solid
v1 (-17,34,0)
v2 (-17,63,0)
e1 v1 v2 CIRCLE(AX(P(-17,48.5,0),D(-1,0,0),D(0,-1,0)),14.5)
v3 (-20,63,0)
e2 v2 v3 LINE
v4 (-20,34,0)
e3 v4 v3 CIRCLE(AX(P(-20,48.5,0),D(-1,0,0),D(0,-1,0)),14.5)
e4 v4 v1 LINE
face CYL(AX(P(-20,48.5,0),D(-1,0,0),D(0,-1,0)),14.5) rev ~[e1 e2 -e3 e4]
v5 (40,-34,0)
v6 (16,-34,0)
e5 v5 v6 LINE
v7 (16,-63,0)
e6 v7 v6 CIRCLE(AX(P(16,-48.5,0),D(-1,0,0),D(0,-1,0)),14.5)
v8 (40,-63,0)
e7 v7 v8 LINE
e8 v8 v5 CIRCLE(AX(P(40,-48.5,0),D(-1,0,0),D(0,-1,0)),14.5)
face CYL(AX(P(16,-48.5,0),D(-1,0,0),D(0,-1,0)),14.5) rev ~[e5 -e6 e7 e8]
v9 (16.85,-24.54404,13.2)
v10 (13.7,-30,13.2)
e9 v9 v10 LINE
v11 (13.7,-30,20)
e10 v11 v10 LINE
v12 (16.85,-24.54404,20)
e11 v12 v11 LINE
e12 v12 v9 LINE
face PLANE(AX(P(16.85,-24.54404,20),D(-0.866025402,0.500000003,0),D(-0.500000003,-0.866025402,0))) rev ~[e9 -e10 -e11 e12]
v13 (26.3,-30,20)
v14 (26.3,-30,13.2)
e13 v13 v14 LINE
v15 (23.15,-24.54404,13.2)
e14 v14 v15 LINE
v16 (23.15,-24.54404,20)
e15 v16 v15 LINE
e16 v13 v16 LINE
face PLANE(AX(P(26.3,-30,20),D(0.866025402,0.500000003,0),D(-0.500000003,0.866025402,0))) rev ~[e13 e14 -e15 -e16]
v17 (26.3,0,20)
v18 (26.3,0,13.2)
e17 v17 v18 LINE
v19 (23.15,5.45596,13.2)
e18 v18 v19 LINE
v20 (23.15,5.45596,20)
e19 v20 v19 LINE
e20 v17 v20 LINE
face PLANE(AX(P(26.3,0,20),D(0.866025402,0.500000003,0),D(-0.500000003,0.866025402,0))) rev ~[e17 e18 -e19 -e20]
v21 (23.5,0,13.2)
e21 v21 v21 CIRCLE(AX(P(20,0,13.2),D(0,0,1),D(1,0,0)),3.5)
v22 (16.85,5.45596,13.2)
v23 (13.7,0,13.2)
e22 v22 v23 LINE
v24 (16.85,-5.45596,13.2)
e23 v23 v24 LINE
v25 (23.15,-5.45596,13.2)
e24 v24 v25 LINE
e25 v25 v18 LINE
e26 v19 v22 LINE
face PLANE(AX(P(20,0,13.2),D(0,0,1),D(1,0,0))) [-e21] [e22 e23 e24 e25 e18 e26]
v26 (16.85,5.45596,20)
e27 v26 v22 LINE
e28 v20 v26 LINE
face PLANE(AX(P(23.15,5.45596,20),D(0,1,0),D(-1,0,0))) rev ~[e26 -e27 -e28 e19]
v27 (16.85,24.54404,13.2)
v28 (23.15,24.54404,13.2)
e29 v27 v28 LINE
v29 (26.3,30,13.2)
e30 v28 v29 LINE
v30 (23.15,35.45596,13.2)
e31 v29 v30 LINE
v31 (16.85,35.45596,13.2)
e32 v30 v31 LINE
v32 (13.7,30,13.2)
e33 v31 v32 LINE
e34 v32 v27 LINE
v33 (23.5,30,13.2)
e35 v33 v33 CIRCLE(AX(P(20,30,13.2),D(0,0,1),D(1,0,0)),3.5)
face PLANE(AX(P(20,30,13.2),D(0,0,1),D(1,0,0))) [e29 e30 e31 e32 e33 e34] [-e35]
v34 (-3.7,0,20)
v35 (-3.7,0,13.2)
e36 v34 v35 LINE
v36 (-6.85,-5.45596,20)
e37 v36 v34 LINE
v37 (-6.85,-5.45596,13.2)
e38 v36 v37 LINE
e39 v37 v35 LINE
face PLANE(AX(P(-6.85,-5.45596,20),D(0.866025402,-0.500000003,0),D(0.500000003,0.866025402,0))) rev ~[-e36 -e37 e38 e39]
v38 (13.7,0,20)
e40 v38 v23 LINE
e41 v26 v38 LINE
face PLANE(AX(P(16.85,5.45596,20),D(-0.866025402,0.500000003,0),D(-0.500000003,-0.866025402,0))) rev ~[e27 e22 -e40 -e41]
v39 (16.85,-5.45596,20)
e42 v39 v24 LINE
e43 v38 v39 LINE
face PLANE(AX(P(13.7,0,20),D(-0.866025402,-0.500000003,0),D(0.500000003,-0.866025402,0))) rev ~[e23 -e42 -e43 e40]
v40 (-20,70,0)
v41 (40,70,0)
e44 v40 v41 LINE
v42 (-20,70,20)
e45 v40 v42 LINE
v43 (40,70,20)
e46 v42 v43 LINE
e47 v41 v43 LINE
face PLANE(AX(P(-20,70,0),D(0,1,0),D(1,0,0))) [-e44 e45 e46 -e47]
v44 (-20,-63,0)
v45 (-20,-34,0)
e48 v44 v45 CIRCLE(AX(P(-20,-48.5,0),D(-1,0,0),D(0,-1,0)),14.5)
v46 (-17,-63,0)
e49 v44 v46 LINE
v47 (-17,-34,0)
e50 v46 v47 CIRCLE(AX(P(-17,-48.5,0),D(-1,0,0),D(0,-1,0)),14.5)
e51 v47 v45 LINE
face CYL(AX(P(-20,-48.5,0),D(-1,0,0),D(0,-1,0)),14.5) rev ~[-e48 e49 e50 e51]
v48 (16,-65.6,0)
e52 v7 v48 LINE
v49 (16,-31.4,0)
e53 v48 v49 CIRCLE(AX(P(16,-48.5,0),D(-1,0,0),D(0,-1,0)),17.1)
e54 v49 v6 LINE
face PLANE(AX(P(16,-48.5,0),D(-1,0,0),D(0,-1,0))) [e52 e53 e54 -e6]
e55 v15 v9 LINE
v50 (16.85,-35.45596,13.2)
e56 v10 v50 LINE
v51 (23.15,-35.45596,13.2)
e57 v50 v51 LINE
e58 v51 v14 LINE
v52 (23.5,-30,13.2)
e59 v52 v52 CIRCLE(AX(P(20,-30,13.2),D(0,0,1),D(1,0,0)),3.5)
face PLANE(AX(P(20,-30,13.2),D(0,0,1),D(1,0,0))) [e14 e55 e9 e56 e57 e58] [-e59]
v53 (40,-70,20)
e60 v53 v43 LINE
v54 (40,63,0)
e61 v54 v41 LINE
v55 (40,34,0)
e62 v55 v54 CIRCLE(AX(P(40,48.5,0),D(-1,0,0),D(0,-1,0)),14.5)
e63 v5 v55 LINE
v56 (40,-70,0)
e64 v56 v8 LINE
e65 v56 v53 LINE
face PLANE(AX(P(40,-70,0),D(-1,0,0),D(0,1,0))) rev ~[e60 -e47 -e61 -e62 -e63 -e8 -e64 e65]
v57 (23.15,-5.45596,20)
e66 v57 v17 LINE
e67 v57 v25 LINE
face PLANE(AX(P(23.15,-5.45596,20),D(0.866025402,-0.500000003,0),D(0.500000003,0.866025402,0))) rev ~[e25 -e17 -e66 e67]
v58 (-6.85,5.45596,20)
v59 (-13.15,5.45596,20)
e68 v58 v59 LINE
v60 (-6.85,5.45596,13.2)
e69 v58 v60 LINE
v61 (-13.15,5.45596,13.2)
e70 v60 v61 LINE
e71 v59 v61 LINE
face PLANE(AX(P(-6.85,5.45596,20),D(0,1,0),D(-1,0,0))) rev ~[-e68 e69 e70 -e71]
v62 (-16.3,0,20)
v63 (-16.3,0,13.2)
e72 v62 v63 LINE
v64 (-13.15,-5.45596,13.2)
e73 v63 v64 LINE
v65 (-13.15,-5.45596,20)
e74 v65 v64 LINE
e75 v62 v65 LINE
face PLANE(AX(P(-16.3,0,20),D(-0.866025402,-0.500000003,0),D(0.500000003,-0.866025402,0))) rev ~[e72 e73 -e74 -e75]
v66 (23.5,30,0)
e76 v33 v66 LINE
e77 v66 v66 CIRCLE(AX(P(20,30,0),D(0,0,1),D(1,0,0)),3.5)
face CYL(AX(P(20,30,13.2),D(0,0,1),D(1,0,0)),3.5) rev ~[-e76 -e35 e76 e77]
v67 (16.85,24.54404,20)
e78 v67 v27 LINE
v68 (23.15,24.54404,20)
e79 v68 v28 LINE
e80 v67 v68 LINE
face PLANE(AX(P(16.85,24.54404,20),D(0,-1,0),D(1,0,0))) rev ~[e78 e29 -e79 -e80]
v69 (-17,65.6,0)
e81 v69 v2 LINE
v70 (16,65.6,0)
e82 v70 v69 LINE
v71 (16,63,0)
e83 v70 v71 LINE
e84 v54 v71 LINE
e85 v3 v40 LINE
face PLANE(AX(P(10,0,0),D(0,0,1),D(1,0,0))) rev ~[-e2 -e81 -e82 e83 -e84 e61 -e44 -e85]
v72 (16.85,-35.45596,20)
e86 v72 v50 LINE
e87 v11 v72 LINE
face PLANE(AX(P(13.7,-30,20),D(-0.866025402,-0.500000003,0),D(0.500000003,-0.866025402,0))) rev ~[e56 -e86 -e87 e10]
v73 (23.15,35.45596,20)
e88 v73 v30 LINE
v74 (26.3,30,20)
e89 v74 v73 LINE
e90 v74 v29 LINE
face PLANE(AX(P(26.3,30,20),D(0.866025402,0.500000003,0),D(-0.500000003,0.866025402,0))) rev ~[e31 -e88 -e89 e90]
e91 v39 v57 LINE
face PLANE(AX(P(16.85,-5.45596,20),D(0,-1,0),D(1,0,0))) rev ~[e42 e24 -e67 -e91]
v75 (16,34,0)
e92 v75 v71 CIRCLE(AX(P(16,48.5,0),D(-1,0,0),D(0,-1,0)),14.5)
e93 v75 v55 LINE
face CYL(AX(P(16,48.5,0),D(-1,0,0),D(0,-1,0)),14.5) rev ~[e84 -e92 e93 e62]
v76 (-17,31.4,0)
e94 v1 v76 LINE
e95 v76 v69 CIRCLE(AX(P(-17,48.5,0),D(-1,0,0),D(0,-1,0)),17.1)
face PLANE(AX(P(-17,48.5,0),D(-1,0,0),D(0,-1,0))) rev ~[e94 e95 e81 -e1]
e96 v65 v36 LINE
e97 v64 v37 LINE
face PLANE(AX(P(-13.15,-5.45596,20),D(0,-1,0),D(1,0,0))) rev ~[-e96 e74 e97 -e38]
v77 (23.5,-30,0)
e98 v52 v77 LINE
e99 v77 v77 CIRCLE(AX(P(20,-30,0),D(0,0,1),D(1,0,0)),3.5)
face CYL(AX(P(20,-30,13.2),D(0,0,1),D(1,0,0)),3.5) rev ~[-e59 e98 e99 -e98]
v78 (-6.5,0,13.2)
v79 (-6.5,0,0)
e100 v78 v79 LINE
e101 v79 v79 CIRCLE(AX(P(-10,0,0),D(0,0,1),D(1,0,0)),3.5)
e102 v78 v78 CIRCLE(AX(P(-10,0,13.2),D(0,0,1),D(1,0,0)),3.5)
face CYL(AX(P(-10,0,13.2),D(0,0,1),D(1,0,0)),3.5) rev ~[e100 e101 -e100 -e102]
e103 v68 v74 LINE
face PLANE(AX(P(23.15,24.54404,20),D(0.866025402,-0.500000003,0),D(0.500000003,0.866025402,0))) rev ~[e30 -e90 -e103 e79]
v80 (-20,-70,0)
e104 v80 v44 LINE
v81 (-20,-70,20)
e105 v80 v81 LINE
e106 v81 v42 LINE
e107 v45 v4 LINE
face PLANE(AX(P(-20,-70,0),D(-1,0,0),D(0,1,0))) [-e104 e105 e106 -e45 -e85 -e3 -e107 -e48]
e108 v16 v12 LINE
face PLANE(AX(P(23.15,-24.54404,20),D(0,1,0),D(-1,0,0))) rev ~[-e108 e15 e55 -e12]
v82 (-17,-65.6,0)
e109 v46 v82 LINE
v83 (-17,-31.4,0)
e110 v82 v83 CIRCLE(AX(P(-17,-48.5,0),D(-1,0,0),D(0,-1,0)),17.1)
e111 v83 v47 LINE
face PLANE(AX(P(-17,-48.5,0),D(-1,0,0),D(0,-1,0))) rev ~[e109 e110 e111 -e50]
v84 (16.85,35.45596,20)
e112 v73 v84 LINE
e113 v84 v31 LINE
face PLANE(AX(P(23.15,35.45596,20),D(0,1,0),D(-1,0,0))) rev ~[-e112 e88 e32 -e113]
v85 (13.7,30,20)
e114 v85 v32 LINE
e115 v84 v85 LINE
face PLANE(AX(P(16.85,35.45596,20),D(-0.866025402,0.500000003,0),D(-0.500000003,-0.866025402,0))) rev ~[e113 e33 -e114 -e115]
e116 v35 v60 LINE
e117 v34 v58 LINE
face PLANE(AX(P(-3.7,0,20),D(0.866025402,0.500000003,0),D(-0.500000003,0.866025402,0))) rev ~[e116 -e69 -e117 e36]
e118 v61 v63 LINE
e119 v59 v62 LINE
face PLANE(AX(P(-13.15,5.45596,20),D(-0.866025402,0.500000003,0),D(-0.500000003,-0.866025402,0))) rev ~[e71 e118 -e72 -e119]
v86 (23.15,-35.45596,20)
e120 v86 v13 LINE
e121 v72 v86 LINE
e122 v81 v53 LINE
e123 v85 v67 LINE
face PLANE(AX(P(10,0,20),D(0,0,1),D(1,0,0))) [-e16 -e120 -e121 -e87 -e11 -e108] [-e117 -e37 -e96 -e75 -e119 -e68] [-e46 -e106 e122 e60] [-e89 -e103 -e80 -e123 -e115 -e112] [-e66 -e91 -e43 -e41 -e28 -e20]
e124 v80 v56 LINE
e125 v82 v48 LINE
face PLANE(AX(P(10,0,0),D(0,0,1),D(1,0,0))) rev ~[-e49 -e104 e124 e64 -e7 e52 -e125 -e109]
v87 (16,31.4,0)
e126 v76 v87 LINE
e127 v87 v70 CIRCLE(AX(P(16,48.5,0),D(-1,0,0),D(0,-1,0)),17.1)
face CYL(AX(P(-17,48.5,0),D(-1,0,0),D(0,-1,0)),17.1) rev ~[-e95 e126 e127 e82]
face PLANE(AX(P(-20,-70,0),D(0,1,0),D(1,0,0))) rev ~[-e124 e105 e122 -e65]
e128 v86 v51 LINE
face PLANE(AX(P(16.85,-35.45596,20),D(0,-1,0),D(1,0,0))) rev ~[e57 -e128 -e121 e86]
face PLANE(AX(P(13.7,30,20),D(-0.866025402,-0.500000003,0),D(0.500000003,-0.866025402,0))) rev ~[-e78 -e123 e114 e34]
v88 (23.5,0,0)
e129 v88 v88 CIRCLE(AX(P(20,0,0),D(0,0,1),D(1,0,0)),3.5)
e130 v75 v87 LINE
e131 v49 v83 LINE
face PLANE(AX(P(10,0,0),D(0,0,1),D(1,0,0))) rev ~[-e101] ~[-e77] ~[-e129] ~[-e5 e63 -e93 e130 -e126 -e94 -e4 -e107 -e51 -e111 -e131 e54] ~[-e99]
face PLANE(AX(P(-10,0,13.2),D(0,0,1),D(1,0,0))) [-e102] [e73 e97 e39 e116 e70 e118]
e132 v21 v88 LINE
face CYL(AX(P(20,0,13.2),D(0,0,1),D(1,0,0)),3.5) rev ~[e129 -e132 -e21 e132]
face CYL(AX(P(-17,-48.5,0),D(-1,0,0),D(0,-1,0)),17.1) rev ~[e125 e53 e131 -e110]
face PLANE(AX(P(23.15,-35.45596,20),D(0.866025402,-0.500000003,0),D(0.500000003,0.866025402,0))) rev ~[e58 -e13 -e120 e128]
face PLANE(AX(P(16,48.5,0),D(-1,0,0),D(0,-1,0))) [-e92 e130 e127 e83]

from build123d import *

# Parameters (mm, degrees)
SKETCH_W        = 60
SKETCH_H        = 140
PAD_DEPTH       = 20
SKETCH001_R     = 14.5
POCKET_DEPTH    = 3
SKETCH002_R     = 17.1
POCKET001_DEPTH = 33
SKETCH003_R     = 14.5
POCKET002_DEPTH = 24.001
POCKET003_DEPTH = 6.8
SKETCH005_R     = 3.5
POCKET004_DEPTH = 13.201


with BuildPart() as part:
    # Sketch → Pad (new body)
    with BuildSketch(Plane.XY):
        with Locations((10, 0)):
            Rectangle(SKETCH_W, SKETCH_H)
    extrude(amount=PAD_DEPTH)

    # Sketch001 → Pocket (cut)
    with BuildSketch(Plane(origin=(-20, 0, 0), x_dir=(0, -1, 0), z_dir=(-1, 0, 0))):
        with Locations((-48.5, 0)):
            Circle(SKETCH001_R)
        with Locations((48.5, 0)):
            Circle(SKETCH001_R)
    extrude(amount=-POCKET_DEPTH, mode=Mode.SUBTRACT)

    # Sketch002 → Pocket001 (cut)
    with BuildSketch(Plane(origin=(-17, 0, 0), x_dir=(0, -1, 0), z_dir=(-1, 0, 0))):
        with Locations((-48.5, 0)):
            Circle(SKETCH002_R)
        with Locations((48.5, 0)):
            Circle(SKETCH002_R)
    extrude(amount=-POCKET001_DEPTH, mode=Mode.SUBTRACT)

    # Sketch003 → Pocket002 (cut, through all)
    with BuildSketch(Plane(origin=(16, 0, 0), x_dir=(0, -1, 0), z_dir=(-1, 0, 0))):
        with Locations((-48.5, 0)):
            Circle(SKETCH003_R)
        with Locations((48.5, 0)):
            Circle(SKETCH003_R)
    extrude(amount=-POCKET002_DEPTH, mode=Mode.SUBTRACT)

    # Sketch004 → Pocket003 (cut)
    with BuildSketch(Plane.XY.offset(20)):
        Polygon((-36.85, -5.45596), (-33.7, 0), (-36.85, 5.45596), (-43.15, 5.45596), (-46.3, 0), (-43.15, -5.45596), align=None)
        Polygon((23.15, 5.45596), (16.85, 5.45596), (13.7, 0), (16.85, -5.45596), (23.15, -5.45596), (26.3, 0), align=None)
        Polygon((-3.7, 0), (-6.85, 5.45596), (-13.15, 5.45596), (-16.3, 0), (-13.15, -5.45596), (-6.85, -5.45596), align=None)
        Polygon((-33.7, 30), (-36.85, 35.45596), (-43.15, 35.45596), (-46.3, 30), (-43.15, 24.54404), (-36.85, 24.54404), align=None)
        Polygon((13.7, 30), (16.85, 24.54404), (23.15, 24.54404), (26.3, 30), (23.15, 35.45596), (16.85, 35.45596), align=None)
        Polygon((-33.7, -30), (-36.85, -24.54404), (-43.15, -24.54404), (-46.3, -30), (-43.15, -35.45596), (-36.85, -35.45596), align=None)
        Polygon((13.7, -30), (16.85, -35.45596), (23.15, -35.45596), (26.3, -30), (23.15, -24.54404), (16.85, -24.54404), align=None)
    extrude(amount=-POCKET003_DEPTH, mode=Mode.SUBTRACT)

    # Sketch005 → Pocket004 (cut, through all)
    with BuildSketch(Plane.XY.offset(13.2)):
        with Locations((-40, 30)):
            Circle(SKETCH005_R)
        with Locations((20, 30)):
            Circle(SKETCH005_R)
        with Locations((20, -30)):
            Circle(SKETCH005_R)
        with Locations((-40, -30)):
            Circle(SKETCH005_R)
        with Locations((-40, 0)):
            Circle(SKETCH005_R)
        with Locations((20, 0)):
            Circle(SKETCH005_R)
        with Locations((-10, 0)):
            Circle(SKETCH005_R)
    extrude(amount=-POCKET004_DEPTH, mode=Mode.SUBTRACT)


solid = part.part
